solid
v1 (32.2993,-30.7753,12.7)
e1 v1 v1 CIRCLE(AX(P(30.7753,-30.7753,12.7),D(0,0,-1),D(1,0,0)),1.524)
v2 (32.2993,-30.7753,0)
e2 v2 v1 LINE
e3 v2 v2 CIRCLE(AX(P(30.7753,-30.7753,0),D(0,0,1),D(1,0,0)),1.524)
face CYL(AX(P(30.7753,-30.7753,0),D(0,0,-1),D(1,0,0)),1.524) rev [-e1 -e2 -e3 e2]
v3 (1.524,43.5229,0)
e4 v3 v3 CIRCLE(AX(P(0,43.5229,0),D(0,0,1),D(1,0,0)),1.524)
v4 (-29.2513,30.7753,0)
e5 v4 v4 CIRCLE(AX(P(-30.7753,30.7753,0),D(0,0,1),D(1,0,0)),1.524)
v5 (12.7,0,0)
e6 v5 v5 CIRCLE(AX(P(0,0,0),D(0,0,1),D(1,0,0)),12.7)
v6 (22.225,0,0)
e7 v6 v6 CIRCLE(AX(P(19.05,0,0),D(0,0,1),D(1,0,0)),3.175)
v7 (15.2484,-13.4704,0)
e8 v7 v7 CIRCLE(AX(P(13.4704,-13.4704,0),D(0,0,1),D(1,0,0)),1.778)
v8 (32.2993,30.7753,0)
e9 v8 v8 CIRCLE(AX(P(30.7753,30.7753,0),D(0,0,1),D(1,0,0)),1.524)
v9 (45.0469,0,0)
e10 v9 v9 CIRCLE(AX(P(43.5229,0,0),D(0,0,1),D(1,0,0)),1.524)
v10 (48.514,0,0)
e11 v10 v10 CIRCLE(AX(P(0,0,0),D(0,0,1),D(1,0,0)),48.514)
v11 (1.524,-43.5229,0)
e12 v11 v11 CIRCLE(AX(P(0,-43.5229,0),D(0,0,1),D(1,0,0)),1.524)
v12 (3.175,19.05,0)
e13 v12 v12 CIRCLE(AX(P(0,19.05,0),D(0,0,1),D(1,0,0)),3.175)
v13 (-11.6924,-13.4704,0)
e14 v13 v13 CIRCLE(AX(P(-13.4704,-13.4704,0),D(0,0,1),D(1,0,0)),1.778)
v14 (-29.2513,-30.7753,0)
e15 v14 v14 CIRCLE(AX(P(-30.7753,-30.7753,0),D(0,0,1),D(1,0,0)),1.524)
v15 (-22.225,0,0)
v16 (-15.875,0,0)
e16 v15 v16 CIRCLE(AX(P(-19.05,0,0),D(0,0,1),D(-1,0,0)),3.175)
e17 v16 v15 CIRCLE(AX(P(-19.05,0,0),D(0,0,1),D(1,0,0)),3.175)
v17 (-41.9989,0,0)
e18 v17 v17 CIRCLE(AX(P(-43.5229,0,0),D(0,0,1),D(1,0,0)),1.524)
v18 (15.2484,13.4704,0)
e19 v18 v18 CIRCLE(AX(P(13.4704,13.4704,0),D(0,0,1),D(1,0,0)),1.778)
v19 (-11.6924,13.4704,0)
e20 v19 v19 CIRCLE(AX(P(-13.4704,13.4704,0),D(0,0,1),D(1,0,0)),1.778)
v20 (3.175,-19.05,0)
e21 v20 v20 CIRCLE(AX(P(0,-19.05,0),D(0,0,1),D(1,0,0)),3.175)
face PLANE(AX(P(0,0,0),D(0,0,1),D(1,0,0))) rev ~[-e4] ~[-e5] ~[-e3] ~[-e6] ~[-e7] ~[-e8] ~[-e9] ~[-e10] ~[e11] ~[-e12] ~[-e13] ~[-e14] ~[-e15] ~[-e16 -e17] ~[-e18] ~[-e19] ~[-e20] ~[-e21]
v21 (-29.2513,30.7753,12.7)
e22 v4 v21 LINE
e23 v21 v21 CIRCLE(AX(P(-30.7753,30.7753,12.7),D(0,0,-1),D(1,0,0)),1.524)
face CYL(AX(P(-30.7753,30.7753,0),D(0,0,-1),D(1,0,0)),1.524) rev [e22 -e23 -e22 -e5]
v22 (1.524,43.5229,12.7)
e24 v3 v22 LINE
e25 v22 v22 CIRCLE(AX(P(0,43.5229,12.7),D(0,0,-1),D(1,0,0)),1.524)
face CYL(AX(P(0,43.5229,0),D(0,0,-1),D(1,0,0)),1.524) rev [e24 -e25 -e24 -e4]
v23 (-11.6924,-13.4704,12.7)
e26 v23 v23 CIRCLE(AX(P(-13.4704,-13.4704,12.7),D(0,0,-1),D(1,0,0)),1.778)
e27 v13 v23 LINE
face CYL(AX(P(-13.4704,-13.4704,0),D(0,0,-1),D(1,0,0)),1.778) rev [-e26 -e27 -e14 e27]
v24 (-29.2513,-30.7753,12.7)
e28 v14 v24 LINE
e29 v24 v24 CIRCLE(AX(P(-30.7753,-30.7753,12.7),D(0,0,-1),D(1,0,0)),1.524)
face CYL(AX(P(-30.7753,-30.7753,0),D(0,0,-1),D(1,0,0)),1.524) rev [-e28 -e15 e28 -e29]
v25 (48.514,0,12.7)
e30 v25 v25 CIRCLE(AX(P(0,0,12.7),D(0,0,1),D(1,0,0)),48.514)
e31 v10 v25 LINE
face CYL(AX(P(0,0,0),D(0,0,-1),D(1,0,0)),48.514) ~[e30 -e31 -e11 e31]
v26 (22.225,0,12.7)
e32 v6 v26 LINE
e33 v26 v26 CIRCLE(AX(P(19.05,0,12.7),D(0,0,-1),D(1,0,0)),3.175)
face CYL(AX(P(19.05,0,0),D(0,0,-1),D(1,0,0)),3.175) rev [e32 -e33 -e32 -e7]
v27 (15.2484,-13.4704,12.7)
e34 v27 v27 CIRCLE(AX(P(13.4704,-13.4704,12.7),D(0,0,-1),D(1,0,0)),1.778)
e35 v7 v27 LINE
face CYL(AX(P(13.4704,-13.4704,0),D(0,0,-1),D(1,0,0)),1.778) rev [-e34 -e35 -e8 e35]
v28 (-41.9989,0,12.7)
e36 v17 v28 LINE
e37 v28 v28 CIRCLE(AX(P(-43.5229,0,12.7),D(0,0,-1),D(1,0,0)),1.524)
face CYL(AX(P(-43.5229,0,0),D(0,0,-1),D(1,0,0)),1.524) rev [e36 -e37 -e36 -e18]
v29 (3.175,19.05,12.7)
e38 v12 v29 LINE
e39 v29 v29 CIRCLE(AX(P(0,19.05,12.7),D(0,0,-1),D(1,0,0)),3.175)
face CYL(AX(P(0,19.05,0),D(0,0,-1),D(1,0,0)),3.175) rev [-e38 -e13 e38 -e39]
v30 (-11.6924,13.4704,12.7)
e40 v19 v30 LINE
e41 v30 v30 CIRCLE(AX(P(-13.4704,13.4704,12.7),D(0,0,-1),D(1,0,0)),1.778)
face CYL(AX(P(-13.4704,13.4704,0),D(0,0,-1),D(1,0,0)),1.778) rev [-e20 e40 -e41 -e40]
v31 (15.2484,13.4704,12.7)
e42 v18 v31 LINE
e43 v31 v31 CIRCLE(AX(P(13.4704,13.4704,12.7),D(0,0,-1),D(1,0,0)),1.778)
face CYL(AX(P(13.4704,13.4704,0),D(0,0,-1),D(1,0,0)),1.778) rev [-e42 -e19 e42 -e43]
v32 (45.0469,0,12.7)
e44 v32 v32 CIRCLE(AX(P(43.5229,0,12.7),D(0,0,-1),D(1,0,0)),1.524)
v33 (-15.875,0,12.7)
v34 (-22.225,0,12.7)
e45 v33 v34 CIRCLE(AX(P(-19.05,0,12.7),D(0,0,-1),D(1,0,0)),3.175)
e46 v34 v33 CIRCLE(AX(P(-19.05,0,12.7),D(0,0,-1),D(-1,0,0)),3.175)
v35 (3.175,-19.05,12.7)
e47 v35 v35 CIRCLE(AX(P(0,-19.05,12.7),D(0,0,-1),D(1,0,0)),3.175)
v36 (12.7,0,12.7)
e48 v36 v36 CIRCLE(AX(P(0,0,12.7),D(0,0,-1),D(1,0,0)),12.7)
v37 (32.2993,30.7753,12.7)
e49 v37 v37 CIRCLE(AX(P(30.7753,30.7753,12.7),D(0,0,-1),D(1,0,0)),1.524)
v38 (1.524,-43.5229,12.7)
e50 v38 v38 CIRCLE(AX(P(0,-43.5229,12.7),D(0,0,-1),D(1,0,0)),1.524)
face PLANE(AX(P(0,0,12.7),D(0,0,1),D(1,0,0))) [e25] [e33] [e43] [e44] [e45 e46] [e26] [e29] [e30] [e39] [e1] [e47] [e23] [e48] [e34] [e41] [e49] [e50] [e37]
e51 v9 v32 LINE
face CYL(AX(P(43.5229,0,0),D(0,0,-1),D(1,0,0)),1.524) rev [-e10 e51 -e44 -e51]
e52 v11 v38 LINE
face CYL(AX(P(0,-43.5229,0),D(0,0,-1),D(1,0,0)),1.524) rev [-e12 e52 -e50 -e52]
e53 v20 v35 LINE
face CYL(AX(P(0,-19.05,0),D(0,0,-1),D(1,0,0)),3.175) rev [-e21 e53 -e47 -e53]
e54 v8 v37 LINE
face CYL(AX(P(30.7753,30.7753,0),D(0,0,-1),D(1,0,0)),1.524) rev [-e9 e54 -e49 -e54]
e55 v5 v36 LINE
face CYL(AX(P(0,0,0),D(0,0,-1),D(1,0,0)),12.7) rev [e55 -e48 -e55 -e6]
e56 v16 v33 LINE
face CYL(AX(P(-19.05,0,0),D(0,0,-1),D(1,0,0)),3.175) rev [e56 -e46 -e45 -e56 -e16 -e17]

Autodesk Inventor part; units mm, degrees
ref_plane "YZ Plane" through (0, 0, 0) normal (1, 0, 0) x (0, 1, 0)
ref_plane "XZ Plane" through (0, 0, 0) normal (0, 1, 0) x (-1, 0, 0)
ref_plane "XY Plane" through (0, 0, 0) normal (0, 0, 1) x (1, 0, 0)
sketch "Sketch1" plane through (0, 0, 0) normal (0, 0, 1) x (1, 0, 0)
  circle A0 centre (0, 0) radius 48.514
  circle A1 centre (0, 0) radius 12.7
  circle A2 centre (0, 0) radius 19.05
  circle A3 centre (0, 19.05) radius 3.175
  circle A4 centre (-19.05, 0) radius 3.175
  circle A5 centre (0, -19.05) radius 3.175
  circle A6 centre (19.05, 0) radius 3.175
  circle A7 centre (-13.4704, 13.4704) radius 1.778
  circle A8 centre (13.4704, 13.4704) radius 1.778
  circle A9 centre (13.4704, -13.4704) radius 1.778
  circle A10 centre (-13.4704, -13.4704) radius 1.778
  line L0 (0, 0) -> (13.4704, 13.4704)
  line L1 (0, 0) -> (19.05, 0)
  line L2 (13.4704, -13.4704) -> (0, 0)
  line L3 (0, 0) -> (0, -19.05)
  line L4 (-13.4704, -13.4704) -> (0, 0)
  circle A11 centre (0, 0) radius 43.5229
  circle A12 centre (-43.5229, 0) radius 1.524
  circle A13 centre (-30.7753, 30.7753) radius 1.524
  circle A14 centre (0, 43.5229) radius 1.524
  circle A15 centre (30.7753, 30.7753) radius 1.524
  circle A16 centre (43.5229, 0) radius 1.524
  circle A17 centre (30.7753, -30.7753) radius 1.524
  circle A18 centre (0, -43.5229) radius 1.524
  circle A19 centre (-30.7753, -30.7753) radius 1.524
  line L5 (-43.5229, 0) -> (0, 0)
  dimension "d3" = 38.1
  dimension "d17" = 87.0458
  dimension "d1" = 97.028
  dimension "d2" = 25.4
  dimension "d4" = 6.35
  dimension "d5" = 6.35
  dimension "d6" = 6.35
  dimension "d7" = 6.35
  dimension "d8" = 3.556
  dimension "d9" = 3.556
  dimension "d10" = 3.556
  dimension "d11" = 3.556
  dimension "d14" = 45
  dimension "d15" = 45
  dimension "d16" = 45
  dimension "d18" = 3.048
  dimension "d19" = 3.048
  dimension "d20" = 3.048
  dimension "d21" = 3.048
  dimension "d22" = 3.048
  dimension "d23" = 3.048
  dimension "d24" = 3.048
  dimension "d25" = 3.048
extrude "Extrusion1" add sketch "Sketch1" along normal blind 12.7 contours A0 | L1 A6 A2 A9 L2 A1 | A1 L0 A8 A2 A6 L1 | A1 L5 A4 A2 A7 A3 A8 L0 | L2 A9 A2 A5 L3 A1 | A1 L4 A10 A2 A4 L5 | L3 A5 A2 A10 L4 A1 | A12 A11 A13 A14 A15 A16 A17 A18 A19
properties part number "Roue"
